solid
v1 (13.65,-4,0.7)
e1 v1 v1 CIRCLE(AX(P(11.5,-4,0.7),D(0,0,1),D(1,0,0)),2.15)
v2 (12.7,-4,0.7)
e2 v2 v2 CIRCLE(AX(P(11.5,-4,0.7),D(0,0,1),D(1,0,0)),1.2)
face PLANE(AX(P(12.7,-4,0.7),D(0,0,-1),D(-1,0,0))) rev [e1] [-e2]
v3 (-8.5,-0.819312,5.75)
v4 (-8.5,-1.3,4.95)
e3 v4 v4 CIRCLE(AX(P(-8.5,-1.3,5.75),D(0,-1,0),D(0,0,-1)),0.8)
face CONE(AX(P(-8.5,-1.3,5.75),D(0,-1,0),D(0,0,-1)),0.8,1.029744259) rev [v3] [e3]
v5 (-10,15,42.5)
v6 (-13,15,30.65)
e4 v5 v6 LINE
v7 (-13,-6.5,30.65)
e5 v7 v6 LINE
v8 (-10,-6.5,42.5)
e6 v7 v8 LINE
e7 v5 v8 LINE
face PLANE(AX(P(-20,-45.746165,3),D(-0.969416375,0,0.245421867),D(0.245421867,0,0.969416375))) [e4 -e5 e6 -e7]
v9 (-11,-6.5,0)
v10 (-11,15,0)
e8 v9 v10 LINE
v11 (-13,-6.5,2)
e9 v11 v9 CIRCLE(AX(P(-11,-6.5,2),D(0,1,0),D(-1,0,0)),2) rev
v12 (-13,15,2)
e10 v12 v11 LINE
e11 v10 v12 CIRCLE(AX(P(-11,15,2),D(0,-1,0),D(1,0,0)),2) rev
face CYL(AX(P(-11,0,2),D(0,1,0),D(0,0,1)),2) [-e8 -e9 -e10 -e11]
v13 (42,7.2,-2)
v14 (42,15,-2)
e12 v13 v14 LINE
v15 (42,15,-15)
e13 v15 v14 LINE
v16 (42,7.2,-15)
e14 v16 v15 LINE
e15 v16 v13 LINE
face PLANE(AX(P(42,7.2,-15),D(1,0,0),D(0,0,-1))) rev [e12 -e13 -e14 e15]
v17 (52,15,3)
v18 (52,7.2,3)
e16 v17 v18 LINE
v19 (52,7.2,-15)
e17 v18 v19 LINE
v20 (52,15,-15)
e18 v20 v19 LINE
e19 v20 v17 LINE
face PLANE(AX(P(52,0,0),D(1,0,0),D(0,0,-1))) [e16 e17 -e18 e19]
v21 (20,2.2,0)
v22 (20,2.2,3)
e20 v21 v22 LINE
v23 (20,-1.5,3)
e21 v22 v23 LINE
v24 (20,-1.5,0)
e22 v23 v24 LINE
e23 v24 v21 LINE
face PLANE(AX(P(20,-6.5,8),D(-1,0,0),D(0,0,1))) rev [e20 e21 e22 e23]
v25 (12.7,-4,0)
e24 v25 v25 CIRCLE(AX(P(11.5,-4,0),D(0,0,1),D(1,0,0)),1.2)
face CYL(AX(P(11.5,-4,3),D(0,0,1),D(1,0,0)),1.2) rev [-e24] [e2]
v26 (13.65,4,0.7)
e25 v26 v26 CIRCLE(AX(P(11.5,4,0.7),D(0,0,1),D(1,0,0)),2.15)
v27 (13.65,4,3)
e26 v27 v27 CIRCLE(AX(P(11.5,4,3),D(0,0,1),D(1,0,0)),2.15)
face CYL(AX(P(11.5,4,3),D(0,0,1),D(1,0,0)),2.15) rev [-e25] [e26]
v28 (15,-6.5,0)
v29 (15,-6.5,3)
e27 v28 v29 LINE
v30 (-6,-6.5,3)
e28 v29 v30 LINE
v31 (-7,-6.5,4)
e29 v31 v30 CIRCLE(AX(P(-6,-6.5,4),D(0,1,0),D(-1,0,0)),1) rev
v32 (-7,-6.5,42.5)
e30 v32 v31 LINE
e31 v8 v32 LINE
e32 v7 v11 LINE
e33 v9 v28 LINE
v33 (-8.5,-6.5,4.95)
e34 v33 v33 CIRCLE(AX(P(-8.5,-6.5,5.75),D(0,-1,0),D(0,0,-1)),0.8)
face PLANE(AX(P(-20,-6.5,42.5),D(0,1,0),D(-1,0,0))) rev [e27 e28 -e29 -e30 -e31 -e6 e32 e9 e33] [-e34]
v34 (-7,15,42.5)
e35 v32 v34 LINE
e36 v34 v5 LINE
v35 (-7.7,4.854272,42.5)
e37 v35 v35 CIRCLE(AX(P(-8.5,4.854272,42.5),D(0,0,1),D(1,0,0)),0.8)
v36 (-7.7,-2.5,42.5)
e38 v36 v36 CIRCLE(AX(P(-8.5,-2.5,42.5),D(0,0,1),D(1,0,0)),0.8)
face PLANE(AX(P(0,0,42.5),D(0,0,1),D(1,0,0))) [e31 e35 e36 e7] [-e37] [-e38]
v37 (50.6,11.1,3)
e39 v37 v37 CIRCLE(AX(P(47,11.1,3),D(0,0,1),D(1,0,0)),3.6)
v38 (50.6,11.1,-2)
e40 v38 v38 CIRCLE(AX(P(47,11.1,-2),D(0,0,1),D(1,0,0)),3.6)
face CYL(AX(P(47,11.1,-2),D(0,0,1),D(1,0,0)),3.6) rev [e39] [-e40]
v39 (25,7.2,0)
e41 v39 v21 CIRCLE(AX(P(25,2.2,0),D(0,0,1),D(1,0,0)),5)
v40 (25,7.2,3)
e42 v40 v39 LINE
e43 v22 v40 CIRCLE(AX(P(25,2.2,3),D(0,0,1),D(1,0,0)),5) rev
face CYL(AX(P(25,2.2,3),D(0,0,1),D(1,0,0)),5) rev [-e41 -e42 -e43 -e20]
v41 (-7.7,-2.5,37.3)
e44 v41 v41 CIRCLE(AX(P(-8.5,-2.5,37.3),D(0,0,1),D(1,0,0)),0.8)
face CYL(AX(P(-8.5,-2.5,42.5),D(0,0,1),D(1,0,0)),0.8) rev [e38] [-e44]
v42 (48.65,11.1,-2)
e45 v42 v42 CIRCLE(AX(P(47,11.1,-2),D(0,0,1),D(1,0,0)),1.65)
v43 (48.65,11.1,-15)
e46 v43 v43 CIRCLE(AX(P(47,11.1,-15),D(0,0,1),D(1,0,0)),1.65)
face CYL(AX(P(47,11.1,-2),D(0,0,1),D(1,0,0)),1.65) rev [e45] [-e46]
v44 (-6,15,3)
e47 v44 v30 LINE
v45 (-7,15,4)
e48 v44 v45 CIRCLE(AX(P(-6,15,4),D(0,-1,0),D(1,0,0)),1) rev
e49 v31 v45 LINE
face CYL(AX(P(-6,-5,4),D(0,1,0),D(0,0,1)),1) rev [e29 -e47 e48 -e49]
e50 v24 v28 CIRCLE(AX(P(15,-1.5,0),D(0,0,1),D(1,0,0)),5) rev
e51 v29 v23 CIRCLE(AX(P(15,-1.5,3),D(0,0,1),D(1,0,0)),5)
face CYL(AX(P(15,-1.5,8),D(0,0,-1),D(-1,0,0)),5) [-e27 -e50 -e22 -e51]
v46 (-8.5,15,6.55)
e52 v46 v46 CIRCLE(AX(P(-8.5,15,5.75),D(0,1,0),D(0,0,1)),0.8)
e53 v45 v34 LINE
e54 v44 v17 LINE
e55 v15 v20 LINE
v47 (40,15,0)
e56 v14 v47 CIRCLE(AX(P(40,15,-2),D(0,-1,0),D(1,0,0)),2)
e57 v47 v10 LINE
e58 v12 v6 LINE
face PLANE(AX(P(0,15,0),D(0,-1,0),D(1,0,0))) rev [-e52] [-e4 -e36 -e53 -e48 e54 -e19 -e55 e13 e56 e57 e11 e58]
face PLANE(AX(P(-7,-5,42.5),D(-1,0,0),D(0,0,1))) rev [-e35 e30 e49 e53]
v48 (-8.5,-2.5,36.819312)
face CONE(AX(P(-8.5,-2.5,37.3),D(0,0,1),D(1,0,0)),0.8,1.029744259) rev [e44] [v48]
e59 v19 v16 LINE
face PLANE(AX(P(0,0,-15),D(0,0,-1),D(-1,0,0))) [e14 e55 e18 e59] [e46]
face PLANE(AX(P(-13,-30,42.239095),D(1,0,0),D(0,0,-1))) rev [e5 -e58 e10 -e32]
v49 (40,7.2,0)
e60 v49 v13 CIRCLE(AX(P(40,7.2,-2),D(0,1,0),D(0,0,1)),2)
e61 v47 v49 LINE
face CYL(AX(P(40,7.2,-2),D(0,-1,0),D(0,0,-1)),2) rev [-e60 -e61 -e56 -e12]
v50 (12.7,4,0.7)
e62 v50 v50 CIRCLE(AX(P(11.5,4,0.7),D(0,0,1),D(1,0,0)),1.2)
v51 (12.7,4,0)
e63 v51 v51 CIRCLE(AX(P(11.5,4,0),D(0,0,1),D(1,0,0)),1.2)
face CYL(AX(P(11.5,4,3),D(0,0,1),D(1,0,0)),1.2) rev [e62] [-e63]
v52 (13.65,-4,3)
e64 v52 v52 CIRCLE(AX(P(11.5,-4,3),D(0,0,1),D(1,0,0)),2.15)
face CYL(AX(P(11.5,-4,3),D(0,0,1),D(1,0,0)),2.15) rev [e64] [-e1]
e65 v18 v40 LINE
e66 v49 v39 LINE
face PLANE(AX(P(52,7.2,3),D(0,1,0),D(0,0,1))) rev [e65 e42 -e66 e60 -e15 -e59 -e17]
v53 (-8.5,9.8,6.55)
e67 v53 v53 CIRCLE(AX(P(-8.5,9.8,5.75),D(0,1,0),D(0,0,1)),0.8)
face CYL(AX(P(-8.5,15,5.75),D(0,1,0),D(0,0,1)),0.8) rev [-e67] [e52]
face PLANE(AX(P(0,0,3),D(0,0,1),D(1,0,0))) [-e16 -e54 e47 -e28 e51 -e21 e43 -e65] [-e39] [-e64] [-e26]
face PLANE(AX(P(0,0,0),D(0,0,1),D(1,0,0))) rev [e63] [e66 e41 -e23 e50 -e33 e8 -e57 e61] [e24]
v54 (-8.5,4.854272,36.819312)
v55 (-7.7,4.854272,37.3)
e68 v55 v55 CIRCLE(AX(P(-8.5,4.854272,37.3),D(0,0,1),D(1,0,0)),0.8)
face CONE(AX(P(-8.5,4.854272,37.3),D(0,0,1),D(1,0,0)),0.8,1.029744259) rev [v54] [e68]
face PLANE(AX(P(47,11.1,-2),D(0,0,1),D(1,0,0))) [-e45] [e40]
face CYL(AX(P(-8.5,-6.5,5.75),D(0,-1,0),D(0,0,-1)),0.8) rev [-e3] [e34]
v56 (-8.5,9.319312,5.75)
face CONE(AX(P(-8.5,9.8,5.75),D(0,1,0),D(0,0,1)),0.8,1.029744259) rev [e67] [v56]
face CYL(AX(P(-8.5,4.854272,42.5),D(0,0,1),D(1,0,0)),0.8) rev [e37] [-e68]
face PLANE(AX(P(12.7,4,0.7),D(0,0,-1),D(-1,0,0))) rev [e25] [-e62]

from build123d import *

# Parameters (mm, degrees)
SKETCH_1_W                = 40
SKETCH_1_H                = 10
EXTRUDE_1_DEPTH           = 3
SKETCH_2_W                = 3
SKETCH_2_H                = 10
EXTRUDE_2_DEPTH           = 39.5
EXTRUDE_3_DEPTH           = 10
FILLET_1_R                = 1
SKETCH_4_W                = 40
SKETCH_4_H                = 3
EXTRUDE_4_DEPTH           = 10
HOLE_WIZARD_1_D           = 2.4
HOLE_WIZARD_1_DEPTH       = 3.2
HOLE_WIZARD_1_CBORE_D     = 4.3
HOLE_WIZARD_1_CBORE_DEPTH = 2.3
HOLE_WIZARD_1_TIP         = 0.721032743
HOLE_WIZARD_M2_1_D        = 1.6
HOLE_WIZARD_M2_1_DEPTH    = 5.2
HOLE_WIZARD_M2_1_TIP      = 0.480688495
SKETCH_12_W               = 40
SKETCH_12_H               = 8.5
CUT_EXTRUDE_1_DEPTH       = 43.5
SKETCH_13_W               = 3
SKETCH_13_H               = 21.5
EXTRUDE_5_DEPTH           = 5
SKETCH_14_W               = 3
SKETCH_14_H               = 7.8
EXTRUDE_6_DEPTH           = 27
EXTRUDE_8_DEPTH           = 10
SKETCH_18_W               = 10.684104654
SKETCH_18_H               = 46.640580652
CUT_EXTRUDE_2_DEPTH       = 30
SKETCH_22_W               = 10
SKETCH_22_H               = 7.8
EXTRUDE_9_DEPTH           = 15
SKETCH_23_R               = 3.6
CUT_EXTRUDE_3_DEPTH       = 5
HOLE_WIZARD_M4_1_D        = 3.3
FILLET_2_R                = 2
SKETCH_26_W               = 5
SKETCH_26_H               = 13.7
CUT_EXTRUDE_4_DEPTH       = 8
EXTRUDE_10_DEPTH          = 10
EXTRUDE_11_DEPTH          = 1.5
HOLE_WIZARD_M2_2_D        = 1.6
HOLE_WIZARD_M2_2_DEPTH    = 5.2
HOLE_WIZARD_M2_2_TIP      = 0.480688495
HOLE_WIZARD_M2_3_D        = 1.6
HOLE_WIZARD_M2_3_DEPTH    = 5.2
HOLE_WIZARD_M2_3_TIP      = 0.480688495
HOLE_WIZARD_M2_4_D        = 1.6
HOLE_WIZARD_M2_4_DEPTH    = 5.2
HOLE_WIZARD_M2_4_TIP      = 0.480688495
FILLET_3_R                = 2
FILLET_4_R                = 5


with BuildPart() as part:
    # 草图1 → 凸台-拉伸1 (new body)
    with BuildSketch(Plane.XY):
        Rectangle(SKETCH_1_W, SKETCH_1_H)
    extrude(amount=EXTRUDE_1_DEPTH)

    # 草图2 → 凸台-拉伸2 (add)
    with BuildSketch(Plane.XY.offset(3)):
        with Locations((-8.5, 0)):
            Rectangle(SKETCH_2_W, SKETCH_2_H)
    extrude(amount=EXTRUDE_2_DEPTH)

    # 草图3 → 凸台-拉伸3 (add)
    with BuildSketch(Plane(origin=(0, 5, 0), x_dir=(1, 0, 0), z_dir=(0, 1, 0))):
        Polygon((-20, -3), (-10, -42.5), (-10, -30.276150361), (-16.905354522, -3), align=None)
    extrude(amount=-EXTRUDE_3_DEPTH)

    # 圆角1
    fillet_1_edges = [part.edges().sort_by_distance(p)[0] for p in [
        (-7, 0, 3),
    ]]
    fillet(fillet_1_edges, radius=FILLET_1_R)

    # 草图4 → 凸台-拉伸4 (add)
    with BuildSketch(Plane(origin=(0, 5, 0), x_dir=(1, 0, 0), z_dir=(0, 1, 0))):
        with Locations((0, -1.5)):
            Rectangle(SKETCH_4_W, SKETCH_4_H)
    extrude_4 = extrude(amount=EXTRUDE_4_DEPTH)

    # 镜向1: 凸台-拉伸4 across plane
    add(extrude_4.mirror(Plane.ZX))

    # 打孔尺寸(%根据)内六角圆柱头螺钉的类型1
    with Locations(Plane.XY.offset(3)):
        with Locations((11.5, 4), (11.5, -4)):
            CounterBoreHole(HOLE_WIZARD_1_D / 2, HOLE_WIZARD_1_CBORE_D / 2, HOLE_WIZARD_1_CBORE_DEPTH, depth=HOLE_WIZARD_1_DEPTH)
            with Locations((0, 0, -(HOLE_WIZARD_1_DEPTH + HOLE_WIZARD_1_TIP / 2))):  # 118° drill point
                Cone(0, HOLE_WIZARD_1_D / 2, HOLE_WIZARD_1_TIP, mode=Mode.SUBTRACT)

    # M2 螺纹孔1
    with Locations(Plane.XY.offset(42.5)):
        with Locations((-8.5, -2.5)):
            Hole(HOLE_WIZARD_M2_1_D / 2, depth=HOLE_WIZARD_M2_1_DEPTH)
            with Locations((0, 0, -(HOLE_WIZARD_M2_1_DEPTH + HOLE_WIZARD_M2_1_TIP / 2))):  # 118° drill point
                Cone(0, HOLE_WIZARD_M2_1_D / 2, HOLE_WIZARD_M2_1_TIP, mode=Mode.SUBTRACT)

    # 草图12 → 切除-拉伸1 (cut, through all)
    with BuildSketch(Plane(origin=(0, 0, 0), x_dir=(-1, 0, 0), z_dir=(0, 0, -1))):
        with Locations((0, -10.75)):
            Rectangle(SKETCH_12_W, SKETCH_12_H)
    extrude(amount=-CUT_EXTRUDE_1_DEPTH, mode=Mode.SUBTRACT)

    # 草图13 → 凸台-拉伸5 (add)
    with BuildSketch(Plane(origin=(20, 0, 0), x_dir=(0, 0, -1), z_dir=(1, 0, 0))):
        with Locations((-1.5, 4.25)):
            Rectangle(SKETCH_13_W, SKETCH_13_H)
    extrude(amount=EXTRUDE_5_DEPTH)

    # 草图14 → 凸台-拉伸6 (add)
    with BuildSketch(Plane(origin=(25, 0, 0), x_dir=(0, 0, -1), z_dir=(1, 0, 0))):
        with Locations((-1.5, 11.1)):
            Rectangle(SKETCH_14_W, SKETCH_14_H)
    extrude(amount=EXTRUDE_6_DEPTH)

    # 草图17 → 凸台-拉伸8 (add)
    with BuildSketch(Plane(origin=(0, 5, 0), x_dir=(1, 0, 0), z_dir=(0, 1, 0))):
        Polygon((-16.905354522, -3), (-10, -30.276150361), (-10, -3), align=None)
    extrude(amount=-EXTRUDE_8_DEPTH)

    # 草图18 → 切除-拉伸2 (cut, symmetric)
    with BuildSketch(Plane(origin=(0, 0, 0), x_dir=(1, 0, 0), z_dir=(0, 1, 0))):
        with Locations((-18.342052327, -18.918804504)):
            Rectangle(SKETCH_18_W, SKETCH_18_H)
    extrude(amount=CUT_EXTRUDE_2_DEPTH, both=True, mode=Mode.SUBTRACT)

    # 草图22 → 凸台-拉伸9 (add)
    with BuildSketch(Plane(origin=(0, 0, 0), x_dir=(-1, 0, 0), z_dir=(0, 0, -1))):
        with Locations((-47, 11.1)):
            Rectangle(SKETCH_22_W, SKETCH_22_H)
    extrude(amount=EXTRUDE_9_DEPTH)

    # 草图23 → 切除-拉伸3 (cut)
    with BuildSketch(Plane.XY.offset(3)):
        with Locations((47, 11.1)):
            Circle(SKETCH_23_R)
    extrude(amount=-CUT_EXTRUDE_3_DEPTH, mode=Mode.SUBTRACT)

    # M4 螺纹孔1 (through all)
    with Locations(Plane.XY.offset(-2)):
        with Locations((47, 11.1)):
            Hole(HOLE_WIZARD_M4_1_D / 2)

    # 圆角2
    fillet_2_edges = [part.edges().sort_by_distance(p)[0] for p in [
        (42, 11.1, 0),
    ]]
    fillet(fillet_2_edges, radius=FILLET_2_R)

    # 草图26 → 切除-拉伸4 (cut)
    with BuildSketch(Plane(origin=(0, 0, 0), x_dir=(-1, 0, 0), z_dir=(0, 0, -1))):
        with Locations((-22.5, 0.35)):
            Rectangle(SKETCH_26_W, SKETCH_26_H)
    extrude(amount=-CUT_EXTRUDE_4_DEPTH, mode=Mode.SUBTRACT)

    # 草图27 → 凸台-拉伸10 (add)
    with BuildSketch(Plane(origin=(0, 5, 0), x_dir=(1, 0, 0), z_dir=(0, 1, 0))):
        with BuildLine():
            Line((-6, -3), (-13, -3))
            Line((-13, -3), (-13, -30.65))
            Line((-13, -30.65), (-10, -42.5))
            Line((-10, -42.5), (-7, -42.5))
            Line((-7, -42.5), (-7, -4))
            ThreePointArc((-7, -4), (-6.707106781, -3.292893219), (-6, -3))
        make_face()
    extrude(amount=EXTRUDE_10_DEPTH)

    # 草图28 → 凸台-拉伸11 (add)
    with BuildSketch(Plane.XZ.offset(5)):
        with BuildLine():
            Line((-10, 42.5), (-13, 30.65))
            Line((-13, 30.65), (-13, 3))
            Line((-13, 3), (-6, 3))
            ThreePointArc((-6, 3), (-6.707106781, 3.292893219), (-7, 4))
            Line((-7, 4), (-7, 42.5))
            Line((-7, 42.5), (-10, 42.5))
        make_face()
    extrude(amount=EXTRUDE_11_DEPTH)

    # M2 螺纹孔2
    with Locations(Plane.XY.offset(42.5)):
        with Locations((-8.5, 4.854272417)):
            Hole(HOLE_WIZARD_M2_2_D / 2, depth=HOLE_WIZARD_M2_2_DEPTH)
            with Locations((0, 0, -(HOLE_WIZARD_M2_2_DEPTH + HOLE_WIZARD_M2_2_TIP / 2))):  # 118° drill point
                Cone(0, HOLE_WIZARD_M2_2_D / 2, HOLE_WIZARD_M2_2_TIP, mode=Mode.SUBTRACT)

    # M2 螺纹孔3
    with Locations(Plane(origin=(0, -6.5, 0), x_dir=(-1, 0, 0), z_dir=(0, -1, 0))):
        with Locations((8.5, -5.75)):
            Hole(HOLE_WIZARD_M2_3_D / 2, depth=HOLE_WIZARD_M2_3_DEPTH)
            with Locations((0, 0, -(HOLE_WIZARD_M2_3_DEPTH + HOLE_WIZARD_M2_3_TIP / 2))):  # 118° drill point
                Cone(0, HOLE_WIZARD_M2_3_D / 2, HOLE_WIZARD_M2_3_TIP, mode=Mode.SUBTRACT)

    # M2 螺纹孔4
    with Locations(Plane(origin=(0, 15, 0), x_dir=(1, 0, 0), z_dir=(0, 1, 0))):
        with Locations((-8.5, -5.75)):
            Hole(HOLE_WIZARD_M2_4_D / 2, depth=HOLE_WIZARD_M2_4_DEPTH)
            with Locations((0, 0, -(HOLE_WIZARD_M2_4_DEPTH + HOLE_WIZARD_M2_4_TIP / 2))):  # 118° drill point
                Cone(0, HOLE_WIZARD_M2_4_D / 2, HOLE_WIZARD_M2_4_TIP, mode=Mode.SUBTRACT)

    # 圆角3
    fillet_3_edges = [part.edges().sort_by_distance(p)[0] for p in [
        (-13, 4.25, 0),
    ]]
    fillet(fillet_3_edges, radius=FILLET_3_R)

    # 圆角4
    fillet_4_edges = [part.edges().sort_by_distance(p)[0] for p in [
        (20, 7.2, 1.5),
        (20, -6.5, 1.5),
    ]]
    fillet(fillet_4_edges, radius=FILLET_4_R)


solid = part.part
